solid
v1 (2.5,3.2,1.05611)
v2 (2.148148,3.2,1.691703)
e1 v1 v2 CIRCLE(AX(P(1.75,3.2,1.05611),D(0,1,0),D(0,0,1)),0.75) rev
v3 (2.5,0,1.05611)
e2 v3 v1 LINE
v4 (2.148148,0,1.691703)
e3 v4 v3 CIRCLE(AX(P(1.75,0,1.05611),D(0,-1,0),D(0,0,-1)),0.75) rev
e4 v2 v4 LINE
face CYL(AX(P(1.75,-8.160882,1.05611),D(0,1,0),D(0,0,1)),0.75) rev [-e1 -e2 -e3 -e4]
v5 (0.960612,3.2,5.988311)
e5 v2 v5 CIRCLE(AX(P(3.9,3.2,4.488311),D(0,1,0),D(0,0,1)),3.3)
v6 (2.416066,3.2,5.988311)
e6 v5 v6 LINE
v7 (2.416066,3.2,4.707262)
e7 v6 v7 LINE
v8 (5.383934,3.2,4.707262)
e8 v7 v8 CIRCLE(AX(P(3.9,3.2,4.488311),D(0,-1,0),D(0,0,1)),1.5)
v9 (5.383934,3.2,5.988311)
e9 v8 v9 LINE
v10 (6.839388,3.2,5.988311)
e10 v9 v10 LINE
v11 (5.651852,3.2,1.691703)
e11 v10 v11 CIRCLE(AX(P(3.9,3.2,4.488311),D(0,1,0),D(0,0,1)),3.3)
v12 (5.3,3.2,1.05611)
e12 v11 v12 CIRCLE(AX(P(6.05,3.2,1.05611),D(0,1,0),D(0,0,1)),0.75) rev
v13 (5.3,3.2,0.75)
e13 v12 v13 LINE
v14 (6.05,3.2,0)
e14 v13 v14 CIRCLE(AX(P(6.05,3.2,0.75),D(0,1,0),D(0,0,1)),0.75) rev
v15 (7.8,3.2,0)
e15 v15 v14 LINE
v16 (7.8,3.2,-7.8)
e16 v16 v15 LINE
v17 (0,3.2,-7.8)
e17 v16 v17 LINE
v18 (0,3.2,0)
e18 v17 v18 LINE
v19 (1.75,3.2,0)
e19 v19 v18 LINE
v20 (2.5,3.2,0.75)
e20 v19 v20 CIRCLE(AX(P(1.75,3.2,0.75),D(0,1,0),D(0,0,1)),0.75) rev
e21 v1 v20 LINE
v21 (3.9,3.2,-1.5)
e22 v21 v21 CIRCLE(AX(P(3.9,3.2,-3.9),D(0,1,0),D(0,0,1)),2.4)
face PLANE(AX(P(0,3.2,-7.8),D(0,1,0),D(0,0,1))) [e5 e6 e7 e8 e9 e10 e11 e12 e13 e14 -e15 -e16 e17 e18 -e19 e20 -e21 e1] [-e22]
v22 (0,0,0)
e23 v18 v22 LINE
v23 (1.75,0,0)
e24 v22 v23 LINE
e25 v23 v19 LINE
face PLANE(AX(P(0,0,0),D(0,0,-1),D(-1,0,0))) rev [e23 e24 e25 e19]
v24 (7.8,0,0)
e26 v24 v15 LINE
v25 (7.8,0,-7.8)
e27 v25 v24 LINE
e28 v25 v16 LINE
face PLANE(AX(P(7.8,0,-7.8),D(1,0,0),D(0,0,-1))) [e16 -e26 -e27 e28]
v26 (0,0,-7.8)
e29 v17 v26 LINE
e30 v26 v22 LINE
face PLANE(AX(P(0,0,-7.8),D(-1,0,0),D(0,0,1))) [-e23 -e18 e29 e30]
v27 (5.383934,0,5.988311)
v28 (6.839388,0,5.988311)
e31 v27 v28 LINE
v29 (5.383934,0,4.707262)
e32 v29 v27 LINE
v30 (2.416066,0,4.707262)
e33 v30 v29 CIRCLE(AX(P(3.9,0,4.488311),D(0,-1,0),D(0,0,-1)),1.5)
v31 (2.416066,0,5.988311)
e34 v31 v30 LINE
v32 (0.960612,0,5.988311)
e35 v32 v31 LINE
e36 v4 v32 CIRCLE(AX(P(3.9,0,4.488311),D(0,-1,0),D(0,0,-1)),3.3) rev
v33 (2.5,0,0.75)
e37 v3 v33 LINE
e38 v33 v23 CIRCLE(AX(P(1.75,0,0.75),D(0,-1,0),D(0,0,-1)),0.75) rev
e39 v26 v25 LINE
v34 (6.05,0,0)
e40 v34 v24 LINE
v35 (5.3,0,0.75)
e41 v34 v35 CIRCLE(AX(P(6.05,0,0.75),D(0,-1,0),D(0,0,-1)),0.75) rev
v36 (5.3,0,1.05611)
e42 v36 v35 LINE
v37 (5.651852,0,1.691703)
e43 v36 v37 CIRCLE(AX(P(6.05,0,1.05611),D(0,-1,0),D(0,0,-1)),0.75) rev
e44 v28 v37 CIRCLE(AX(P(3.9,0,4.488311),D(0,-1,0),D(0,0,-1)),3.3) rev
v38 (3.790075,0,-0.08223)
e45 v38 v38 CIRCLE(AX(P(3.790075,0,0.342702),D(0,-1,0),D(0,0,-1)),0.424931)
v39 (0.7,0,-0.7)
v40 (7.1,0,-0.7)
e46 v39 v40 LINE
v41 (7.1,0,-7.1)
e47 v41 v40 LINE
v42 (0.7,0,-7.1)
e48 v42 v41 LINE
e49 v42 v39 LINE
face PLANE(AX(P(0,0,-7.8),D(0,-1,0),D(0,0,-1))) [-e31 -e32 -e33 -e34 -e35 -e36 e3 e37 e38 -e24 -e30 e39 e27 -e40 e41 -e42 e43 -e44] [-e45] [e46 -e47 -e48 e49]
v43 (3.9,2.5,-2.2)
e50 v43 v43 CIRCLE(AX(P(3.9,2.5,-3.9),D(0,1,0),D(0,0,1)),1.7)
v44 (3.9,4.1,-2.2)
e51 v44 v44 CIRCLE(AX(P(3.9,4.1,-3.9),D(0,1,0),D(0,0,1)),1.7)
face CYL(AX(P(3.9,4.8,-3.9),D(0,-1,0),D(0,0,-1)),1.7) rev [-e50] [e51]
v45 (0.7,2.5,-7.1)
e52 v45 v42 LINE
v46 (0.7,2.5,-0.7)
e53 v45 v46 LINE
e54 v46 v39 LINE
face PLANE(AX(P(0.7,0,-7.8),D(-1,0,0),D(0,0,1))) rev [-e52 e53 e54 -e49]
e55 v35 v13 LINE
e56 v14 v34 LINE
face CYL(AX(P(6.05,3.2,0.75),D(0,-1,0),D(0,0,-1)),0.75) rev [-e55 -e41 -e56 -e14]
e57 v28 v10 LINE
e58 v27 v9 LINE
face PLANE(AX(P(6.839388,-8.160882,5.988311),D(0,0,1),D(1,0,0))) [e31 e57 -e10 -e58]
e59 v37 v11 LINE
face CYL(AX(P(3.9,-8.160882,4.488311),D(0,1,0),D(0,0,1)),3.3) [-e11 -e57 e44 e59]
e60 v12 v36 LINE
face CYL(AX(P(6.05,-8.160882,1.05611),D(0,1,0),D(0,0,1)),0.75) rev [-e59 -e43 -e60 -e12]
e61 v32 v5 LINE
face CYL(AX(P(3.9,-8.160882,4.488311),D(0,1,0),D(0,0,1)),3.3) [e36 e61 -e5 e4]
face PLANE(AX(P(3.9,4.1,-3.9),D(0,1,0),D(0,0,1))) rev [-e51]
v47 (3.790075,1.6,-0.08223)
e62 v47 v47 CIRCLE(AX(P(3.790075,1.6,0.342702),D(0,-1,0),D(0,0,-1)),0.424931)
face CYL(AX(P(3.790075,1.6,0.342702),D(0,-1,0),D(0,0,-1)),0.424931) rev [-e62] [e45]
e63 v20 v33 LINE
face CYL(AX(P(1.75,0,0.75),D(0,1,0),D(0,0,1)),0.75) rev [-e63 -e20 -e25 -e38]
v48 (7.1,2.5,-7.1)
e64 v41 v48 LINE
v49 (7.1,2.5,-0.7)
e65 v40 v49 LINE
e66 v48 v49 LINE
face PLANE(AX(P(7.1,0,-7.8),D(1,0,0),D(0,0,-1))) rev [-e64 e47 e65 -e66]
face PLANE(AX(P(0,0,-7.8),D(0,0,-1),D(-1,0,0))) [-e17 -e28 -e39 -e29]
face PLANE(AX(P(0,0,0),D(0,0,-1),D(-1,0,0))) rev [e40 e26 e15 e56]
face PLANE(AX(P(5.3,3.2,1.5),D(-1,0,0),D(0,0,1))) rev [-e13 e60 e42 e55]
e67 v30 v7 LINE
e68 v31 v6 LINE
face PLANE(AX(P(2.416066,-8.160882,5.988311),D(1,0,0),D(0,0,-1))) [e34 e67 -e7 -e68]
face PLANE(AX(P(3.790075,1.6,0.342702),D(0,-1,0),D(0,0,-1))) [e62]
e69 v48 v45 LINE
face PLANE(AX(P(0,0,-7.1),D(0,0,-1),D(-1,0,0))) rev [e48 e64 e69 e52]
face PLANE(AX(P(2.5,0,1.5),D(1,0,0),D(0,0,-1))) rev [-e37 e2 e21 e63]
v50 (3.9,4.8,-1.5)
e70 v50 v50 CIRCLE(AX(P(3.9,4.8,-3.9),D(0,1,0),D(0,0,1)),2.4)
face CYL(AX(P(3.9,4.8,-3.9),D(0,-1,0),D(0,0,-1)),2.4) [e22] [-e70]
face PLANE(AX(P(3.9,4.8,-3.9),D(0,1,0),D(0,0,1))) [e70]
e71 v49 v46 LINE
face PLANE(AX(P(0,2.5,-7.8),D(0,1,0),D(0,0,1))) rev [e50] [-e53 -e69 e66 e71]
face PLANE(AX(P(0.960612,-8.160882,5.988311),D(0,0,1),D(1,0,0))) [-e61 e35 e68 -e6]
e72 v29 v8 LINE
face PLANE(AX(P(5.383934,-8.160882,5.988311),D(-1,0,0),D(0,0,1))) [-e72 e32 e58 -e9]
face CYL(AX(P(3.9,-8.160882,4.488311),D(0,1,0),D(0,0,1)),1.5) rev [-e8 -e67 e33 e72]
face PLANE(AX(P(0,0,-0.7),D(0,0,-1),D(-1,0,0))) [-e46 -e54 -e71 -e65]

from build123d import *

# Parameters (mm, degrees)
SKETCH1_W           = 7.8
SKETCH1_H           = 3.2
BOSS_EXTRUDE1_DEPTH = 7.8
SKETCH2_R           = 2.4
BOSS_EXTRUDE2_DEPTH = 1.6
SHELL1_T            = -0.7
SKETCH3_W           = 2.8
SKETCH3_H           = 3.2
BOSS_EXTRUDE3_DEPTH = 1.5
BOSS_EXTRUDE4_DEPTH = 3.2
FILLET1_R           = 0.75
FILLET2_R           = 0.75
SKETCH6_R           = 0.424931422
CUT_EXTRUDE1_DEPTH  = 1.6


with BuildPart() as part:
    # Sketch1 → Boss-Extrude1 (new body)
    with BuildSketch(Plane.XY):
        with Locations((3.9, 1.6)):
            Rectangle(SKETCH1_W, SKETCH1_H)
    extrude(amount=-BOSS_EXTRUDE1_DEPTH)

    # Sketch2 → Boss-Extrude2 (add)
    with BuildSketch(Plane(origin=(0, 3.2, 0), x_dir=(1, 0, 0), z_dir=(0, 1, 0))):
        with Locations(Location((3.9, 3.9, 0), (0, 0, 270))):
            Circle(SKETCH2_R)
    extrude(amount=BOSS_EXTRUDE2_DEPTH)

    # Shell1
    shell1_openings = [part.faces().sort_by_distance(p)[0] for p in [
        (3.9, 0, -3.9),
    ]]
    offset(amount=SHELL1_T, openings=shell1_openings, kind=Kind.INTERSECTION)

    # Sketch3 → Boss-Extrude3 (add)
    with BuildSketch(Plane.XY):
        with Locations((3.9, 1.6)):
            Rectangle(SKETCH3_W, SKETCH3_H)
    extrude(amount=BOSS_EXTRUDE3_DEPTH)

    # Sketch5 → Boss-Extrude4 (add)
    with BuildSketch(Plane(origin=(0, 3.2, 0), x_dir=(1, 0, 0), z_dir=(0, 1, 0))):
        with BuildLine():
            Line((0.960612309, -5.988310559), (2.416065979, -5.988310559))
            Line((2.416065979, -5.988310559), (2.416065979, -4.707262204))
            ThreePointArc((2.416065979, -4.707262204), (3.9, -2.988310559), (5.383934021, -4.707262204))
            Line((5.383934021, -4.707262204), (5.383934021, -5.988310559))
            Line((5.383934021, -5.988310559), (6.839387691, -5.988310559))
            ThreePointArc((6.839387691, -5.988310559), (3.9, -1.188310559), (0.960612309, -5.988310559))
        make_face()
    extrude(amount=-BOSS_EXTRUDE4_DEPTH)

    # Fillet1
    fillet1_edges = [part.edges().sort_by_distance(p)[0] for p in [
        (2.5, 1.6, 0),
        (2.5, 1.6, 1.5),
    ]]
    fillet(fillet1_edges, radius=FILLET1_R)

    # Fillet2
    fillet2_edges = [part.edges().sort_by_distance(p)[0] for p in [
        (5.3, 1.6, 0),
        (5.3, 1.6, 1.5),
    ]]
    fillet(fillet2_edges, radius=FILLET2_R)

    # Sketch6 → Cut-Extrude1 (cut)
    with BuildSketch(Plane.XZ):
        with Locations(Location((3.7900748, 0.342701654, 0), (0, 0, 270))):
            Circle(SKETCH6_R)
    extrude(amount=-CUT_EXTRUDE1_DEPTH, mode=Mode.SUBTRACT)


solid = part.part
